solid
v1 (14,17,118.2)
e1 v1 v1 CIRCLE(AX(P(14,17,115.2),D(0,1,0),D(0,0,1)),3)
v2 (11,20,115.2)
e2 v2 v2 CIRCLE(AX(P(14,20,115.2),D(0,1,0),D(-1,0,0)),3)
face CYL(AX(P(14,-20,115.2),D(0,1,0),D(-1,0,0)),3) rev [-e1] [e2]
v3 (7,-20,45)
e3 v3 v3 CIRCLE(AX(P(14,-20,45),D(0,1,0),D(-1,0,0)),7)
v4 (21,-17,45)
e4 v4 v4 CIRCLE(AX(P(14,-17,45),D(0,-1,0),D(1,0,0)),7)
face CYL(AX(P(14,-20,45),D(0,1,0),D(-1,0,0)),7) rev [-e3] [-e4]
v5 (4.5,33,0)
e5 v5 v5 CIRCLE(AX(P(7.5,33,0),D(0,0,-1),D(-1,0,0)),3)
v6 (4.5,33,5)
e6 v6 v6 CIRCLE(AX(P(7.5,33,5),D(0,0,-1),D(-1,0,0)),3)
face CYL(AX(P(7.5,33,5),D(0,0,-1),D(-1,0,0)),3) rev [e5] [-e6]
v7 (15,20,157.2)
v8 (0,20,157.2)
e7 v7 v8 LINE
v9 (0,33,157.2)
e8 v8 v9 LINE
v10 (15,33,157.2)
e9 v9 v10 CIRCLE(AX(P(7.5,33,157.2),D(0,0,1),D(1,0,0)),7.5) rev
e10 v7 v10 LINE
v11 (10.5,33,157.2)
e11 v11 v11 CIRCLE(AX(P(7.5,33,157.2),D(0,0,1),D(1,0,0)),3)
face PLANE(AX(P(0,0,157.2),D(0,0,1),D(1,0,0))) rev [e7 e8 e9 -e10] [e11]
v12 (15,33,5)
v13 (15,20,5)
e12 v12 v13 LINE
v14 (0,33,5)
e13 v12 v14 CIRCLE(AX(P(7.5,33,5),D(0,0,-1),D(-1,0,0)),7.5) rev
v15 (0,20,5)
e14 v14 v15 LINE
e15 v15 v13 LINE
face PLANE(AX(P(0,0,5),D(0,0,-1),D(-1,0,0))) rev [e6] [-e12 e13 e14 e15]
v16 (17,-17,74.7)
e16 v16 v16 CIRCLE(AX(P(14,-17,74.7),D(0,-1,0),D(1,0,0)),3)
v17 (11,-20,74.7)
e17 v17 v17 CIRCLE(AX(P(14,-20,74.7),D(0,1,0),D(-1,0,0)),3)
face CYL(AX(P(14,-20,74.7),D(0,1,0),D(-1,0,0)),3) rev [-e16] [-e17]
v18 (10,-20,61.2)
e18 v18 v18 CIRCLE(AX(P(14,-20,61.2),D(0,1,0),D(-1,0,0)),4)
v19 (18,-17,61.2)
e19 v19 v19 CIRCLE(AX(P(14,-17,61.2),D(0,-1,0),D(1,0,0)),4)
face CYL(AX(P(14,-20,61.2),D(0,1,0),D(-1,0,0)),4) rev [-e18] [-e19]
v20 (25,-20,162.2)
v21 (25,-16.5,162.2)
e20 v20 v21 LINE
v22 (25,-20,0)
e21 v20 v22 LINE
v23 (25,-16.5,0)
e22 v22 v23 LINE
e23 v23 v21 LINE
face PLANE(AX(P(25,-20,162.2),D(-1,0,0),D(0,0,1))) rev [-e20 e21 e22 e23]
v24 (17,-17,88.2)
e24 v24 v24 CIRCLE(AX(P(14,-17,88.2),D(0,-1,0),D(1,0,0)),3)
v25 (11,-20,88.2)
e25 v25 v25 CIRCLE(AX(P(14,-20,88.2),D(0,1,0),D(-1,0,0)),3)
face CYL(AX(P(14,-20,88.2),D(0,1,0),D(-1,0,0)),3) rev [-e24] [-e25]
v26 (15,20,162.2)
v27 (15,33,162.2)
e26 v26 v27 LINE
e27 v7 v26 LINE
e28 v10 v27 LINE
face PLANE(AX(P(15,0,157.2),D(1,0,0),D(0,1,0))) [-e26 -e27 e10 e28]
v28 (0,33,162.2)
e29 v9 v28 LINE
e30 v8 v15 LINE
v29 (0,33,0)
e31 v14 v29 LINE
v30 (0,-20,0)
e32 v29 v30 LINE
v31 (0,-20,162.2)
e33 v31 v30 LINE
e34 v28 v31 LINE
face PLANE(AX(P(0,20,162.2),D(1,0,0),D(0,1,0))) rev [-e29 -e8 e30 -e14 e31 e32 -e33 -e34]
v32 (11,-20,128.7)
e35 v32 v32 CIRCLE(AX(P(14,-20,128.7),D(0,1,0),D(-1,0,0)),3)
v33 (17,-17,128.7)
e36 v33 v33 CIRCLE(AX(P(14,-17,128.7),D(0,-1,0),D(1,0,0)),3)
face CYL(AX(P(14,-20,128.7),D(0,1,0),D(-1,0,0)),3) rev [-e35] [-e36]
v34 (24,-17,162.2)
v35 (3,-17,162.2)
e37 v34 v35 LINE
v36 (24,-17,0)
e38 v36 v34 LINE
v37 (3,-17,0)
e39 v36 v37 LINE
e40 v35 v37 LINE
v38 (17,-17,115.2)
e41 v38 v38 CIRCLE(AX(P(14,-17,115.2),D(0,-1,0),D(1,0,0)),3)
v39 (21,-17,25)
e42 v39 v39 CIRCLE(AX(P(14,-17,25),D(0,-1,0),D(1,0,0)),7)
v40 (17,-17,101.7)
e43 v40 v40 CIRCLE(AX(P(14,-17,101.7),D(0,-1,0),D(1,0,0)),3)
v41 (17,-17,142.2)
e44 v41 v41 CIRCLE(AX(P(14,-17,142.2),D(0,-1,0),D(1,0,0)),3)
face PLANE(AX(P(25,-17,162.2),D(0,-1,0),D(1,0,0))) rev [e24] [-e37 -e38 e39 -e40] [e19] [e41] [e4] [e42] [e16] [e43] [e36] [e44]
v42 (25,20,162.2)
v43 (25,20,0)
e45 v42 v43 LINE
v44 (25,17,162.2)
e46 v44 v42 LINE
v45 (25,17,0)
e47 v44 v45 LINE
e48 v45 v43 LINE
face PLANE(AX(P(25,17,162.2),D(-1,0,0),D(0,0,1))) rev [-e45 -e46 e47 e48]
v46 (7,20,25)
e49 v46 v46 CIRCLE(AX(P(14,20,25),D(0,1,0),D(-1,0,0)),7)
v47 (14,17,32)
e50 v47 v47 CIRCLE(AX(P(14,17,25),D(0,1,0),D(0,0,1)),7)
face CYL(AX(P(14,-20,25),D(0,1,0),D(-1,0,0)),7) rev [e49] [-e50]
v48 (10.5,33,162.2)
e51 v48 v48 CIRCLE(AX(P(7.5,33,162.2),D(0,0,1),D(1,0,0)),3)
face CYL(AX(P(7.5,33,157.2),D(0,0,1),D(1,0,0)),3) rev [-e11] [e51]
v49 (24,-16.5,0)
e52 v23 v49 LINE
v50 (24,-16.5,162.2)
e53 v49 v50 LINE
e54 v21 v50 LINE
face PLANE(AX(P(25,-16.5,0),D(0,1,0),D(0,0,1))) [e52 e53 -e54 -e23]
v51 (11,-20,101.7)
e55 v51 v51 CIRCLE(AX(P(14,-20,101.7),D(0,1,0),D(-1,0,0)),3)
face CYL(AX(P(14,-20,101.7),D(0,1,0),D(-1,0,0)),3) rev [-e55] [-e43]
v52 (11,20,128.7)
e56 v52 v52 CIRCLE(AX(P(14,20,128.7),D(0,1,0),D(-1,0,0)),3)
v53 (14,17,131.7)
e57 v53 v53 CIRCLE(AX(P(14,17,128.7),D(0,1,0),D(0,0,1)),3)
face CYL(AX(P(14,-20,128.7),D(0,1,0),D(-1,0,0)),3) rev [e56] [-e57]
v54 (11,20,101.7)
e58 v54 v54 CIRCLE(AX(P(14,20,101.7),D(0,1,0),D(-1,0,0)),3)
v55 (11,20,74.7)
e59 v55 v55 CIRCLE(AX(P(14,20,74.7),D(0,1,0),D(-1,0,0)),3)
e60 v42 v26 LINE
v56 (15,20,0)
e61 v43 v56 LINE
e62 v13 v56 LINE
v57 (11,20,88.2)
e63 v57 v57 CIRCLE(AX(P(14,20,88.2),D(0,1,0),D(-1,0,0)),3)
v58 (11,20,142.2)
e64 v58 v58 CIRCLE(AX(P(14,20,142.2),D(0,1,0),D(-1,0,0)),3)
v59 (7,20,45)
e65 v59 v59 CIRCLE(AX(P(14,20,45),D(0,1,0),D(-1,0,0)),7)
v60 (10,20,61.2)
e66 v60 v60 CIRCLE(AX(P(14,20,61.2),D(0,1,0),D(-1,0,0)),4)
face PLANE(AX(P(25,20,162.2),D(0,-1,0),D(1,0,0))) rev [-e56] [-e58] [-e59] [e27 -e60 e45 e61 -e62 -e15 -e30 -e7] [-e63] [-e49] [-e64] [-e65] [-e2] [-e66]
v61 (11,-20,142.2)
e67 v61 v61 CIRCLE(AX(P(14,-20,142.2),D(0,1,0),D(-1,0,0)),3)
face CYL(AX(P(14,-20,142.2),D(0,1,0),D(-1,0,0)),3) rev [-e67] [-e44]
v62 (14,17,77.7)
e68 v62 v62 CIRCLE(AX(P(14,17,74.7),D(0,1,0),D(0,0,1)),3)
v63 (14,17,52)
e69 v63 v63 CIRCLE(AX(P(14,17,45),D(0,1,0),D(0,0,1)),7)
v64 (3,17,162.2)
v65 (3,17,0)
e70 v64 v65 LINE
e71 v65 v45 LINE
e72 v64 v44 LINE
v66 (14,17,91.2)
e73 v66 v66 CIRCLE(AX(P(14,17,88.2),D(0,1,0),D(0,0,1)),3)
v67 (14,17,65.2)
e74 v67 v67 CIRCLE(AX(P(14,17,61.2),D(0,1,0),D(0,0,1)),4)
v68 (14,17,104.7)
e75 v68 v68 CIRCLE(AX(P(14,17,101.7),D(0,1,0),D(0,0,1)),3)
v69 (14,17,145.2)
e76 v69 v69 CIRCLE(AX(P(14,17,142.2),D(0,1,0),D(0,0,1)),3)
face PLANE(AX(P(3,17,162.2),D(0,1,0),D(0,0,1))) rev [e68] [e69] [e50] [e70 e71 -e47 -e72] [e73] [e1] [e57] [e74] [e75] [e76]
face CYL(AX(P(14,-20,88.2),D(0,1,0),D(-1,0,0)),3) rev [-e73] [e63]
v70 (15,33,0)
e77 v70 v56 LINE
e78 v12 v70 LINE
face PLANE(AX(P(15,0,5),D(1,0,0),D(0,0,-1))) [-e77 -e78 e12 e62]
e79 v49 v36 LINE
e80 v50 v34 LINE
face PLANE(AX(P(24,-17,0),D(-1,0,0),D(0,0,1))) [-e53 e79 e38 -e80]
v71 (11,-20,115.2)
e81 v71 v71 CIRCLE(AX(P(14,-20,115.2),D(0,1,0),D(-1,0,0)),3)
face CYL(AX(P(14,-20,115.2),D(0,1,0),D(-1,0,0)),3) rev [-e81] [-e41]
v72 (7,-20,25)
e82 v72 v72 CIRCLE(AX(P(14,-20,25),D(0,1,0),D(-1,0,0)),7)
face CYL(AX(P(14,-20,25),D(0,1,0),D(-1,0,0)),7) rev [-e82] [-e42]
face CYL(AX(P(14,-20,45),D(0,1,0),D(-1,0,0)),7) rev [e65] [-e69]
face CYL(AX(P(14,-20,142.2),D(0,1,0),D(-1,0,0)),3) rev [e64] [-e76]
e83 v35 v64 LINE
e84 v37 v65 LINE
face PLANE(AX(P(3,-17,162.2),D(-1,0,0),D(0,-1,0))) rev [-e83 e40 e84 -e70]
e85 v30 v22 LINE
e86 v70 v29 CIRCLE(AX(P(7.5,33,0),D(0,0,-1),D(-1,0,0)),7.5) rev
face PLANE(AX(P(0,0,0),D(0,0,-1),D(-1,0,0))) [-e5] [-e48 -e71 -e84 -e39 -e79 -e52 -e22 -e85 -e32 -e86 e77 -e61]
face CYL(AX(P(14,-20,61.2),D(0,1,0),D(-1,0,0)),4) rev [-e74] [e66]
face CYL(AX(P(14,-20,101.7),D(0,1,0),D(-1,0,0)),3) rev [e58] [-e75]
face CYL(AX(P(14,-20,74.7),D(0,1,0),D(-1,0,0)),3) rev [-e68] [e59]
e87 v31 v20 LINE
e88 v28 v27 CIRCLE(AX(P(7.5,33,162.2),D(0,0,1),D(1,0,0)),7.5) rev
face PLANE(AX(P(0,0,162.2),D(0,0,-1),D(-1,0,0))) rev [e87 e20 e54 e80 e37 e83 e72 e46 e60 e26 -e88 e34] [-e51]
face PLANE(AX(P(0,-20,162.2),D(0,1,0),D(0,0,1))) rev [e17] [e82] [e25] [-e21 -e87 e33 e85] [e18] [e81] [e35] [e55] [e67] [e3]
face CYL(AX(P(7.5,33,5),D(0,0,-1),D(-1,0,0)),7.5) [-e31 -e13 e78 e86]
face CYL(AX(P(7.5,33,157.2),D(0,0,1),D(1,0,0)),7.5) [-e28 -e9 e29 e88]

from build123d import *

# Parameters (mm, degrees)
EXTRUDE_1_DEPTH     = 162.2
SKETCH_4_R          = 3
EXTRUDE_2_DEPTH     = 5
SKETCH_5_R          = 3
EXTRUDE_3_DEPTH     = 5
SKETCH_6_W          = 1
SKETCH_6_H          = 0.5
EXTRUDE_4_DEPTH     = 162.2
SKETCH_3_R          = 3
SKETCH_3_R_2        = 7
SKETCH_3_R_3        = 4
CUT_EXTRUDE_1_DEPTH = 40


with BuildPart() as part:
    # 스케치1 → 보스-돌출1 (new body)
    with BuildSketch(Plane.XY):
        Polygon((0, -20), (25, -20), (25, -17), (3, -17), (3, 17), (25, 17), (25, 20), (0, 20), align=None)
    extrude(amount=EXTRUDE_1_DEPTH)

    # 스케치4 → 보스-돌출2 (add)
    with BuildSketch(Plane.XY.offset(162.2)):
        with BuildLine():
            Line((0, 33), (0, 20))
            Line((0, 20), (15, 20))
            Line((15, 20), (15, 33))
            ThreePointArc((15, 33), (7.5, 40.5), (0, 33))
        make_face()
        with Locations((7.5, 33)):
            Circle(SKETCH_4_R, mode=Mode.SUBTRACT)
    extrude(amount=-EXTRUDE_2_DEPTH)

    # 스케치5 → 보스-돌출3 (add)
    with BuildSketch(Plane(origin=(0, 0, 0), x_dir=(-1, 0, 0), z_dir=(0, 0, -1))):
        with BuildLine():
            ThreePointArc((0, 33), (-7.5, 40.5), (-15, 33))
            Line((-15, 33), (-15, 20))
            Line((-15, 20), (0, 20))
            Line((0, 20), (0, 33))
        make_face()
        with Locations((-7.5, 33)):
            Circle(SKETCH_5_R, mode=Mode.SUBTRACT)
    extrude(amount=-EXTRUDE_3_DEPTH)

    # 스케치6 → 보스-돌출4 (add)
    with BuildSketch(Plane.XY.offset(162.2)):
        with Locations((24.5, -16.75)):
            Rectangle(SKETCH_6_W, SKETCH_6_H)
    extrude(amount=-EXTRUDE_4_DEPTH)

    # 스케치3 → 컷-돌출1 (cut)
    with BuildSketch(Plane(origin=(0, 20, 0), x_dir=(1, 0, 0), z_dir=(0, 1, 0))):
        with Locations((14, -142.2)):
            Circle(SKETCH_3_R)
        with Locations((14, -128.7)):
            Circle(SKETCH_3_R)
        with Locations((14, -115.2)):
            Circle(SKETCH_3_R)
        with Locations((14, -101.7)):
            Circle(SKETCH_3_R)
        with Locations((14, -74.7)):
            Circle(SKETCH_3_R)
        with Locations((14, -88.2)):
            Circle(SKETCH_3_R)
        with Locations((14, -45)):
            Circle(SKETCH_3_R_2)
        with Locations((14, -25)):
            Circle(SKETCH_3_R_2)
        with Locations((14, -61.2)):
            Circle(SKETCH_3_R_3)
    extrude(amount=-CUT_EXTRUDE_1_DEPTH, mode=Mode.SUBTRACT)


solid = part.part
